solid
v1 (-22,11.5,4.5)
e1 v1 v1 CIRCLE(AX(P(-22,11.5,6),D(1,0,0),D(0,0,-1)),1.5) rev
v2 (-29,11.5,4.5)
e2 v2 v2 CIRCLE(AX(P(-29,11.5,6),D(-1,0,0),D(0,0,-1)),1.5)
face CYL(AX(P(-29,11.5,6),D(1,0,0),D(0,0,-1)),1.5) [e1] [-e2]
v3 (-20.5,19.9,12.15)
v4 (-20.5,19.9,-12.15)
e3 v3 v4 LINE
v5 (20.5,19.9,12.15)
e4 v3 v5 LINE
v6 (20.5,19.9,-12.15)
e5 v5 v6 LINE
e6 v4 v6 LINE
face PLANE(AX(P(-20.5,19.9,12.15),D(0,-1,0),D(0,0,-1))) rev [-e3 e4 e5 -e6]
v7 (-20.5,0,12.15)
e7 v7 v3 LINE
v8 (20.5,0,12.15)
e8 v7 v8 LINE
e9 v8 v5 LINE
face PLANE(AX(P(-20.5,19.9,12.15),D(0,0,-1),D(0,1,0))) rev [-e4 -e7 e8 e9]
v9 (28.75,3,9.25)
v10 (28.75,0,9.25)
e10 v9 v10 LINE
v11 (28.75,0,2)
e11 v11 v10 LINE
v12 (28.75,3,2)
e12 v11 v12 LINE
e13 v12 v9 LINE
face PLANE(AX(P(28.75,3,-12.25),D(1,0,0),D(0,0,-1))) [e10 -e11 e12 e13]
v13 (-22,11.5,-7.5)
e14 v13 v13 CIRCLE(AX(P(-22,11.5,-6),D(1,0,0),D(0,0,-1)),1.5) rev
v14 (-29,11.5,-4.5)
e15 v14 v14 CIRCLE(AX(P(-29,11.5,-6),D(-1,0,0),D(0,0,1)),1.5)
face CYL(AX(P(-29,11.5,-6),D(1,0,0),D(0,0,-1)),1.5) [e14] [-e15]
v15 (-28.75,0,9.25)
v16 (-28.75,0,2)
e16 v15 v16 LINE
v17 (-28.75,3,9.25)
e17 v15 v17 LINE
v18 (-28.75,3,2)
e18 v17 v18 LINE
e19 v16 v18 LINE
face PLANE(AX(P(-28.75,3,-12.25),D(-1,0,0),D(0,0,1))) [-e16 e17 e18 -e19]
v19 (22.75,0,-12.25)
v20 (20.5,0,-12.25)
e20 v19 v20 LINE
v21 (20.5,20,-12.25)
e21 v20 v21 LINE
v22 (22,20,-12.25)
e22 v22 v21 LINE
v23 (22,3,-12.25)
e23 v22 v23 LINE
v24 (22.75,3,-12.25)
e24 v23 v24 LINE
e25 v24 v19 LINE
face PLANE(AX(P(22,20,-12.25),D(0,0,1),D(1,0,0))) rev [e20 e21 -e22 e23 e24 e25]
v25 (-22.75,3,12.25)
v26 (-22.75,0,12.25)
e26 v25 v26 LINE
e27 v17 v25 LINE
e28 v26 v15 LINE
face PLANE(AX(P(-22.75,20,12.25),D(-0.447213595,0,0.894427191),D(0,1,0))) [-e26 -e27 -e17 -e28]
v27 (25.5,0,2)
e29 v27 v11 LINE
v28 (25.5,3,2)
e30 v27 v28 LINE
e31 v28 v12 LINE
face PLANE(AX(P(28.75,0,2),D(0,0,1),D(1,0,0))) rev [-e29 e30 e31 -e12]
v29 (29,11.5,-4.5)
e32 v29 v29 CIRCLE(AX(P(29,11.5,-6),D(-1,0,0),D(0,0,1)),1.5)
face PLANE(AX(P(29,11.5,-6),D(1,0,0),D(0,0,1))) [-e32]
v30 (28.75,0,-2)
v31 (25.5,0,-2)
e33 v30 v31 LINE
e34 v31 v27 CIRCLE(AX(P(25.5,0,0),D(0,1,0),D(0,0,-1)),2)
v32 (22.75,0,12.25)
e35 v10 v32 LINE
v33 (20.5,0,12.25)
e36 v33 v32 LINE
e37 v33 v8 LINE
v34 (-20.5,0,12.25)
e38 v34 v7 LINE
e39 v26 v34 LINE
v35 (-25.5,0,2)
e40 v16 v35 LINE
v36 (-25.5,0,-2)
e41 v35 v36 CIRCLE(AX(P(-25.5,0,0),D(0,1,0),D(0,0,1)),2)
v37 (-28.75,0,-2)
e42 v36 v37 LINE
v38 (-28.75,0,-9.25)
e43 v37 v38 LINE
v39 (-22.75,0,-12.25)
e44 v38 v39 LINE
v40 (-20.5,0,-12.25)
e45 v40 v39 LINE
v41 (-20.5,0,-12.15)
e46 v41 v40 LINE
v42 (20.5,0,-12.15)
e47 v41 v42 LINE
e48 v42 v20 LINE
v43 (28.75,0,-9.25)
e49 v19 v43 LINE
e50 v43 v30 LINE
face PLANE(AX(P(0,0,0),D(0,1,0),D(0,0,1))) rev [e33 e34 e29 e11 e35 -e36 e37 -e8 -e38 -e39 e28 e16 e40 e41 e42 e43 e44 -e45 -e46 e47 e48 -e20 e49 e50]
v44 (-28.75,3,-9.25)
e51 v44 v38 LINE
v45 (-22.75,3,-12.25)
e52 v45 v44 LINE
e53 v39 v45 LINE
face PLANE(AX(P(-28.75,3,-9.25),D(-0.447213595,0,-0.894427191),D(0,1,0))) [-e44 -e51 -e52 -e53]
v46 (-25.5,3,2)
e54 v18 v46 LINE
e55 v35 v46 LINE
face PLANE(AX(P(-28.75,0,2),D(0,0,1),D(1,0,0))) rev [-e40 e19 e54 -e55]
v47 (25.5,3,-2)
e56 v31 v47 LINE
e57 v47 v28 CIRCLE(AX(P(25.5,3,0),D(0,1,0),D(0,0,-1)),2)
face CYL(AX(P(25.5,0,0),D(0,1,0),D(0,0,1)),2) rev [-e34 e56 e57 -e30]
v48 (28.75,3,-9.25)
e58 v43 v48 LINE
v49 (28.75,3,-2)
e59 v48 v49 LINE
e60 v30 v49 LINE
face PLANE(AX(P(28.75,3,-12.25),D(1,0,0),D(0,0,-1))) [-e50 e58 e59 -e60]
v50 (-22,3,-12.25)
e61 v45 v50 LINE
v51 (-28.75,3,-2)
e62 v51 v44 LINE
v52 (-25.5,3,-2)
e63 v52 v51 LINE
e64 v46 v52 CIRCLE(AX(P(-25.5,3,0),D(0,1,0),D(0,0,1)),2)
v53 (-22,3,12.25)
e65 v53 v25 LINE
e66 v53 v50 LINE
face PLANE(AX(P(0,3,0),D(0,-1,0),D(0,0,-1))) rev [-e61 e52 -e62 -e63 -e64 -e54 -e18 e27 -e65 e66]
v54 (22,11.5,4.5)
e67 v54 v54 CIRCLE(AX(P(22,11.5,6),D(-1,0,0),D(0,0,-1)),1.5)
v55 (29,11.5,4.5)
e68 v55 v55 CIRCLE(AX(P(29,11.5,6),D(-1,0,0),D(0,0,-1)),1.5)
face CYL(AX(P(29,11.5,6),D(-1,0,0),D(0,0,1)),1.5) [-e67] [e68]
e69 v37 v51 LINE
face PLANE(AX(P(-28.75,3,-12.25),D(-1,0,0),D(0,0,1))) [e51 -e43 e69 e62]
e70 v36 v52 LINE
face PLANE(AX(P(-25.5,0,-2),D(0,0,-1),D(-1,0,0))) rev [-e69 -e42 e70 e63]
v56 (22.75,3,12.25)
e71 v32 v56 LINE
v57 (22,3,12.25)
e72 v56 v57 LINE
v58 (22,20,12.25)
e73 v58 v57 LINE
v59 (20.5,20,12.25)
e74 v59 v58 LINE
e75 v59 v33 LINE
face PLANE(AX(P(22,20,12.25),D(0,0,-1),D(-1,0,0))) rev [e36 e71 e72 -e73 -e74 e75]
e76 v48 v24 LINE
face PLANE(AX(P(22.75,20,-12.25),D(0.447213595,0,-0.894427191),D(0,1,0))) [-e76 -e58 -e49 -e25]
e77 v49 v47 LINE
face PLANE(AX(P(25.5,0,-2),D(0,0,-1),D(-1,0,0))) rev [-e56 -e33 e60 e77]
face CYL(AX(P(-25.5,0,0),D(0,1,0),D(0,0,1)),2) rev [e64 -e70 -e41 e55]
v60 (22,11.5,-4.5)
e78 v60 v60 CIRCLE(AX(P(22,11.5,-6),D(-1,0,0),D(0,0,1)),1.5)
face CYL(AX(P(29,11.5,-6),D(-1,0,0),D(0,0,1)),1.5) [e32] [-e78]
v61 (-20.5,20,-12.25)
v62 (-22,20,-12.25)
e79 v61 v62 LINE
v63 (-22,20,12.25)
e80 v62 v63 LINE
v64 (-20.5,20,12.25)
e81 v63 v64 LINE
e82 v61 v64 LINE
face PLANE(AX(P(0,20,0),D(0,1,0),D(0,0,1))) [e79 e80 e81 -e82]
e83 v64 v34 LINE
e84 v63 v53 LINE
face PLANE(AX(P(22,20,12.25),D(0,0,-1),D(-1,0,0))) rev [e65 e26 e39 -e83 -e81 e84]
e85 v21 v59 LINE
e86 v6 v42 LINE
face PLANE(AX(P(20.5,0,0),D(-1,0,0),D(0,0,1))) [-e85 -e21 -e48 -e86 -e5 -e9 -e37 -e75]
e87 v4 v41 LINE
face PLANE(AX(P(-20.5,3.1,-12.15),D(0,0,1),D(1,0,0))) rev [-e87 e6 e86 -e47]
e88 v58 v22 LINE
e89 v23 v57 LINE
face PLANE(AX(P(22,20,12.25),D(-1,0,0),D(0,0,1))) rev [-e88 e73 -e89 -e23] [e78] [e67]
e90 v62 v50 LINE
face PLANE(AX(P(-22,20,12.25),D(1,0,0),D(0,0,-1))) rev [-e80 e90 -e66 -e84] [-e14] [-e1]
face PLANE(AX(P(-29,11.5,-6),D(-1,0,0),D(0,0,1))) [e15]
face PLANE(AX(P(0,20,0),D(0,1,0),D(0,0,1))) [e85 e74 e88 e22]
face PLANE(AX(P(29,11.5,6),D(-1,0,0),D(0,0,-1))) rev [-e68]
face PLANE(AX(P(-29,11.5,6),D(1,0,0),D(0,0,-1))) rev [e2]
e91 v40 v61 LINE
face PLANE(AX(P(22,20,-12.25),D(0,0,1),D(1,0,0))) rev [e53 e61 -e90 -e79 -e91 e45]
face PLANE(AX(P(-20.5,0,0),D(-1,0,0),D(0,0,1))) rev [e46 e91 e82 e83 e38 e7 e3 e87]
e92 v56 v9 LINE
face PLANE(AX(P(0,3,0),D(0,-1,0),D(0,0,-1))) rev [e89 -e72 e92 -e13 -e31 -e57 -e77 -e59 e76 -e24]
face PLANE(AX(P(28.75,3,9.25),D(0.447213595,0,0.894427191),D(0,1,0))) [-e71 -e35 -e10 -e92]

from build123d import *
from OCP.BRepFilletAPI import BRepFilletAPI_MakeChamfer

# Parameters (mm, degrees)
SKETCH_1_W          = 44
SKETCH_1_H          = 24.5
EXTRUDE_1_DEPTH     = 20
SKETCH_2_W          = 57.5
SKETCH_2_H          = 24.5
EXTRUDE_2_DEPTH     = 3
CHAMFER_1_SIZE      = 3
CHAMFER_1_SIZE2     = 6
CHAMFER_2_SIZE      = 6
CHAMFER_2_SIZE2     = 3
CUT_EXTRUDE_1_DEPTH = 36.575623677
SKETCH_4_R          = 1.5
EXTRUDE_3_DEPTH     = 7
CUT_EXTRUDE_2_DEPTH = 20.5


with BuildPart() as part:
    # 草图1 → 凸台-拉伸1 (new body)
    with BuildSketch(Plane(origin=(0, 0, 0), x_dir=(1, 0, 0), z_dir=(0, 1, 0))):
        Rectangle(SKETCH_1_W, SKETCH_1_H)
    extrude(amount=EXTRUDE_1_DEPTH)

    # 草图2 → 凸台-拉伸2 (add)
    with BuildSketch(Plane.XZ):
        Rectangle(SKETCH_2_W, SKETCH_2_H)
    extrude(amount=-EXTRUDE_2_DEPTH)

    # 倒角1: one chamfer whose edges measure the first distance from different faces: ONE call of the kernel's chamfer builder (chamfer() names one face for all edges)
    chamfer_1_edges_1 = [part.edges().sort_by_distance(p)[0] for p in [
        (-28.75, 1.5, 12.25),
    ]]
    chamfer_1_side_1 = [part.faces().sort_by_distance(p)[0] for p in [
        (-28.75, 1.5, 0),
    ]]
    chamfer_1_edges_2 = [part.edges().sort_by_distance(p)[0] for p in [
        (28.75, 1.5, -12.25),
    ]]
    chamfer_1_side_2 = [part.faces().sort_by_distance(p)[0] for p in [
        (28.75, 1.5, 0),
    ]]
    chamfer_1 = BRepFilletAPI_MakeChamfer(part.part.solid().wrapped)
    for e in chamfer_1_edges_1:
        chamfer_1.Add(CHAMFER_1_SIZE, CHAMFER_1_SIZE2, e.wrapped, chamfer_1_side_1[0].wrapped)  # the first distance lies on this face
    for e in chamfer_1_edges_2:
        chamfer_1.Add(CHAMFER_1_SIZE, CHAMFER_1_SIZE2, e.wrapped, chamfer_1_side_2[0].wrapped)  # the first distance lies on this face
    add(Compound.cast(chamfer_1.Shape()), mode=Mode.REPLACE)

    # 倒角2: one chamfer whose edges measure the first distance from different faces: ONE call of the kernel's chamfer builder (chamfer() names one face for all edges)
    chamfer_2_edges_1 = [part.edges().sort_by_distance(p)[0] for p in [
        (-28.75, 1.5, -12.25),
    ]]
    chamfer_2_side_1 = [part.faces().sort_by_distance(p)[0] for p in [
        (-0.513573407, 9.788088643, -12.25),
    ]]
    chamfer_2_edges_2 = [part.edges().sort_by_distance(p)[0] for p in [
        (28.75, 1.5, 12.25),
    ]]
    chamfer_2_side_2 = [part.faces().sort_by_distance(p)[0] for p in [
        (0.513573407, 9.788088643, 12.25),
    ]]
    chamfer_2 = BRepFilletAPI_MakeChamfer(part.part.solid().wrapped)
    for e in chamfer_2_edges_1:
        chamfer_2.Add(CHAMFER_2_SIZE, CHAMFER_2_SIZE2, e.wrapped, chamfer_2_side_1[0].wrapped)  # the first distance lies on this face
    for e in chamfer_2_edges_2:
        chamfer_2.Add(CHAMFER_2_SIZE, CHAMFER_2_SIZE2, e.wrapped, chamfer_2_side_2[0].wrapped)  # the first distance lies on this face
    add(Compound.cast(chamfer_2.Shape()), mode=Mode.REPLACE)

    # 草图3 → 切除-拉伸1 (cut, through all)
    with BuildSketch(Plane(origin=(0, 3, 0), x_dir=(1, 0, 0), z_dir=(0, 1, 0))):
        with BuildLine():
            Line((-25.5, 2), (-28.75, 2))
            Line((-28.75, 2), (-28.75, -2))
            Line((-28.75, -2), (-25.5, -2))
            ThreePointArc((-25.5, -2), (-23.5, 0), (-25.5, 2))
        make_face()
        with BuildLine():
            Line((28.75, -2), (25.5, -2))
            ThreePointArc((25.5, -2), (23.5, 0), (25.5, 2))
            Line((25.5, 2), (28.75, 2))
            Line((28.75, 2), (28.75, -2))
        make_face()
    extrude(amount=-CUT_EXTRUDE_1_DEPTH, mode=Mode.SUBTRACT)

    # 草图4 → 凸台-拉伸3 (add)
    with BuildSketch(Plane.ZY.offset(22)):
        with Locations(Location((-6, 11.5, 0), (0, 0, 180))):
            Circle(SKETCH_4_R)
        with Locations(Location((6, 11.5, 0), (0, 0, 180))):
            Circle(SKETCH_4_R)
    extrude_3 = extrude(amount=EXTRUDE_3_DEPTH)

    # 镜向1: 凸台-拉伸3 across plane
    add(extrude_3.mirror(Plane.ZY))

    # 草图5 → 切除-拉伸2 (cut, symmetric)
    with BuildSketch(Plane(origin=(0, 0, 0), x_dir=(0, 0, -1), z_dir=(1, 0, 0))):
        Polygon((-12.25, 3), (-12.25, 0), (-12.15, 0), (-12.15, 3.1), (-12.15, 19.9), (12.15, 19.9), (12.15, 3.1), (12.15, 0), (12.25, 0), (12.25, 3), (12.25, 20), (-12.25, 20), align=None)
    extrude(amount=CUT_EXTRUDE_2_DEPTH, both=True, mode=Mode.SUBTRACT)


solid = part.part
